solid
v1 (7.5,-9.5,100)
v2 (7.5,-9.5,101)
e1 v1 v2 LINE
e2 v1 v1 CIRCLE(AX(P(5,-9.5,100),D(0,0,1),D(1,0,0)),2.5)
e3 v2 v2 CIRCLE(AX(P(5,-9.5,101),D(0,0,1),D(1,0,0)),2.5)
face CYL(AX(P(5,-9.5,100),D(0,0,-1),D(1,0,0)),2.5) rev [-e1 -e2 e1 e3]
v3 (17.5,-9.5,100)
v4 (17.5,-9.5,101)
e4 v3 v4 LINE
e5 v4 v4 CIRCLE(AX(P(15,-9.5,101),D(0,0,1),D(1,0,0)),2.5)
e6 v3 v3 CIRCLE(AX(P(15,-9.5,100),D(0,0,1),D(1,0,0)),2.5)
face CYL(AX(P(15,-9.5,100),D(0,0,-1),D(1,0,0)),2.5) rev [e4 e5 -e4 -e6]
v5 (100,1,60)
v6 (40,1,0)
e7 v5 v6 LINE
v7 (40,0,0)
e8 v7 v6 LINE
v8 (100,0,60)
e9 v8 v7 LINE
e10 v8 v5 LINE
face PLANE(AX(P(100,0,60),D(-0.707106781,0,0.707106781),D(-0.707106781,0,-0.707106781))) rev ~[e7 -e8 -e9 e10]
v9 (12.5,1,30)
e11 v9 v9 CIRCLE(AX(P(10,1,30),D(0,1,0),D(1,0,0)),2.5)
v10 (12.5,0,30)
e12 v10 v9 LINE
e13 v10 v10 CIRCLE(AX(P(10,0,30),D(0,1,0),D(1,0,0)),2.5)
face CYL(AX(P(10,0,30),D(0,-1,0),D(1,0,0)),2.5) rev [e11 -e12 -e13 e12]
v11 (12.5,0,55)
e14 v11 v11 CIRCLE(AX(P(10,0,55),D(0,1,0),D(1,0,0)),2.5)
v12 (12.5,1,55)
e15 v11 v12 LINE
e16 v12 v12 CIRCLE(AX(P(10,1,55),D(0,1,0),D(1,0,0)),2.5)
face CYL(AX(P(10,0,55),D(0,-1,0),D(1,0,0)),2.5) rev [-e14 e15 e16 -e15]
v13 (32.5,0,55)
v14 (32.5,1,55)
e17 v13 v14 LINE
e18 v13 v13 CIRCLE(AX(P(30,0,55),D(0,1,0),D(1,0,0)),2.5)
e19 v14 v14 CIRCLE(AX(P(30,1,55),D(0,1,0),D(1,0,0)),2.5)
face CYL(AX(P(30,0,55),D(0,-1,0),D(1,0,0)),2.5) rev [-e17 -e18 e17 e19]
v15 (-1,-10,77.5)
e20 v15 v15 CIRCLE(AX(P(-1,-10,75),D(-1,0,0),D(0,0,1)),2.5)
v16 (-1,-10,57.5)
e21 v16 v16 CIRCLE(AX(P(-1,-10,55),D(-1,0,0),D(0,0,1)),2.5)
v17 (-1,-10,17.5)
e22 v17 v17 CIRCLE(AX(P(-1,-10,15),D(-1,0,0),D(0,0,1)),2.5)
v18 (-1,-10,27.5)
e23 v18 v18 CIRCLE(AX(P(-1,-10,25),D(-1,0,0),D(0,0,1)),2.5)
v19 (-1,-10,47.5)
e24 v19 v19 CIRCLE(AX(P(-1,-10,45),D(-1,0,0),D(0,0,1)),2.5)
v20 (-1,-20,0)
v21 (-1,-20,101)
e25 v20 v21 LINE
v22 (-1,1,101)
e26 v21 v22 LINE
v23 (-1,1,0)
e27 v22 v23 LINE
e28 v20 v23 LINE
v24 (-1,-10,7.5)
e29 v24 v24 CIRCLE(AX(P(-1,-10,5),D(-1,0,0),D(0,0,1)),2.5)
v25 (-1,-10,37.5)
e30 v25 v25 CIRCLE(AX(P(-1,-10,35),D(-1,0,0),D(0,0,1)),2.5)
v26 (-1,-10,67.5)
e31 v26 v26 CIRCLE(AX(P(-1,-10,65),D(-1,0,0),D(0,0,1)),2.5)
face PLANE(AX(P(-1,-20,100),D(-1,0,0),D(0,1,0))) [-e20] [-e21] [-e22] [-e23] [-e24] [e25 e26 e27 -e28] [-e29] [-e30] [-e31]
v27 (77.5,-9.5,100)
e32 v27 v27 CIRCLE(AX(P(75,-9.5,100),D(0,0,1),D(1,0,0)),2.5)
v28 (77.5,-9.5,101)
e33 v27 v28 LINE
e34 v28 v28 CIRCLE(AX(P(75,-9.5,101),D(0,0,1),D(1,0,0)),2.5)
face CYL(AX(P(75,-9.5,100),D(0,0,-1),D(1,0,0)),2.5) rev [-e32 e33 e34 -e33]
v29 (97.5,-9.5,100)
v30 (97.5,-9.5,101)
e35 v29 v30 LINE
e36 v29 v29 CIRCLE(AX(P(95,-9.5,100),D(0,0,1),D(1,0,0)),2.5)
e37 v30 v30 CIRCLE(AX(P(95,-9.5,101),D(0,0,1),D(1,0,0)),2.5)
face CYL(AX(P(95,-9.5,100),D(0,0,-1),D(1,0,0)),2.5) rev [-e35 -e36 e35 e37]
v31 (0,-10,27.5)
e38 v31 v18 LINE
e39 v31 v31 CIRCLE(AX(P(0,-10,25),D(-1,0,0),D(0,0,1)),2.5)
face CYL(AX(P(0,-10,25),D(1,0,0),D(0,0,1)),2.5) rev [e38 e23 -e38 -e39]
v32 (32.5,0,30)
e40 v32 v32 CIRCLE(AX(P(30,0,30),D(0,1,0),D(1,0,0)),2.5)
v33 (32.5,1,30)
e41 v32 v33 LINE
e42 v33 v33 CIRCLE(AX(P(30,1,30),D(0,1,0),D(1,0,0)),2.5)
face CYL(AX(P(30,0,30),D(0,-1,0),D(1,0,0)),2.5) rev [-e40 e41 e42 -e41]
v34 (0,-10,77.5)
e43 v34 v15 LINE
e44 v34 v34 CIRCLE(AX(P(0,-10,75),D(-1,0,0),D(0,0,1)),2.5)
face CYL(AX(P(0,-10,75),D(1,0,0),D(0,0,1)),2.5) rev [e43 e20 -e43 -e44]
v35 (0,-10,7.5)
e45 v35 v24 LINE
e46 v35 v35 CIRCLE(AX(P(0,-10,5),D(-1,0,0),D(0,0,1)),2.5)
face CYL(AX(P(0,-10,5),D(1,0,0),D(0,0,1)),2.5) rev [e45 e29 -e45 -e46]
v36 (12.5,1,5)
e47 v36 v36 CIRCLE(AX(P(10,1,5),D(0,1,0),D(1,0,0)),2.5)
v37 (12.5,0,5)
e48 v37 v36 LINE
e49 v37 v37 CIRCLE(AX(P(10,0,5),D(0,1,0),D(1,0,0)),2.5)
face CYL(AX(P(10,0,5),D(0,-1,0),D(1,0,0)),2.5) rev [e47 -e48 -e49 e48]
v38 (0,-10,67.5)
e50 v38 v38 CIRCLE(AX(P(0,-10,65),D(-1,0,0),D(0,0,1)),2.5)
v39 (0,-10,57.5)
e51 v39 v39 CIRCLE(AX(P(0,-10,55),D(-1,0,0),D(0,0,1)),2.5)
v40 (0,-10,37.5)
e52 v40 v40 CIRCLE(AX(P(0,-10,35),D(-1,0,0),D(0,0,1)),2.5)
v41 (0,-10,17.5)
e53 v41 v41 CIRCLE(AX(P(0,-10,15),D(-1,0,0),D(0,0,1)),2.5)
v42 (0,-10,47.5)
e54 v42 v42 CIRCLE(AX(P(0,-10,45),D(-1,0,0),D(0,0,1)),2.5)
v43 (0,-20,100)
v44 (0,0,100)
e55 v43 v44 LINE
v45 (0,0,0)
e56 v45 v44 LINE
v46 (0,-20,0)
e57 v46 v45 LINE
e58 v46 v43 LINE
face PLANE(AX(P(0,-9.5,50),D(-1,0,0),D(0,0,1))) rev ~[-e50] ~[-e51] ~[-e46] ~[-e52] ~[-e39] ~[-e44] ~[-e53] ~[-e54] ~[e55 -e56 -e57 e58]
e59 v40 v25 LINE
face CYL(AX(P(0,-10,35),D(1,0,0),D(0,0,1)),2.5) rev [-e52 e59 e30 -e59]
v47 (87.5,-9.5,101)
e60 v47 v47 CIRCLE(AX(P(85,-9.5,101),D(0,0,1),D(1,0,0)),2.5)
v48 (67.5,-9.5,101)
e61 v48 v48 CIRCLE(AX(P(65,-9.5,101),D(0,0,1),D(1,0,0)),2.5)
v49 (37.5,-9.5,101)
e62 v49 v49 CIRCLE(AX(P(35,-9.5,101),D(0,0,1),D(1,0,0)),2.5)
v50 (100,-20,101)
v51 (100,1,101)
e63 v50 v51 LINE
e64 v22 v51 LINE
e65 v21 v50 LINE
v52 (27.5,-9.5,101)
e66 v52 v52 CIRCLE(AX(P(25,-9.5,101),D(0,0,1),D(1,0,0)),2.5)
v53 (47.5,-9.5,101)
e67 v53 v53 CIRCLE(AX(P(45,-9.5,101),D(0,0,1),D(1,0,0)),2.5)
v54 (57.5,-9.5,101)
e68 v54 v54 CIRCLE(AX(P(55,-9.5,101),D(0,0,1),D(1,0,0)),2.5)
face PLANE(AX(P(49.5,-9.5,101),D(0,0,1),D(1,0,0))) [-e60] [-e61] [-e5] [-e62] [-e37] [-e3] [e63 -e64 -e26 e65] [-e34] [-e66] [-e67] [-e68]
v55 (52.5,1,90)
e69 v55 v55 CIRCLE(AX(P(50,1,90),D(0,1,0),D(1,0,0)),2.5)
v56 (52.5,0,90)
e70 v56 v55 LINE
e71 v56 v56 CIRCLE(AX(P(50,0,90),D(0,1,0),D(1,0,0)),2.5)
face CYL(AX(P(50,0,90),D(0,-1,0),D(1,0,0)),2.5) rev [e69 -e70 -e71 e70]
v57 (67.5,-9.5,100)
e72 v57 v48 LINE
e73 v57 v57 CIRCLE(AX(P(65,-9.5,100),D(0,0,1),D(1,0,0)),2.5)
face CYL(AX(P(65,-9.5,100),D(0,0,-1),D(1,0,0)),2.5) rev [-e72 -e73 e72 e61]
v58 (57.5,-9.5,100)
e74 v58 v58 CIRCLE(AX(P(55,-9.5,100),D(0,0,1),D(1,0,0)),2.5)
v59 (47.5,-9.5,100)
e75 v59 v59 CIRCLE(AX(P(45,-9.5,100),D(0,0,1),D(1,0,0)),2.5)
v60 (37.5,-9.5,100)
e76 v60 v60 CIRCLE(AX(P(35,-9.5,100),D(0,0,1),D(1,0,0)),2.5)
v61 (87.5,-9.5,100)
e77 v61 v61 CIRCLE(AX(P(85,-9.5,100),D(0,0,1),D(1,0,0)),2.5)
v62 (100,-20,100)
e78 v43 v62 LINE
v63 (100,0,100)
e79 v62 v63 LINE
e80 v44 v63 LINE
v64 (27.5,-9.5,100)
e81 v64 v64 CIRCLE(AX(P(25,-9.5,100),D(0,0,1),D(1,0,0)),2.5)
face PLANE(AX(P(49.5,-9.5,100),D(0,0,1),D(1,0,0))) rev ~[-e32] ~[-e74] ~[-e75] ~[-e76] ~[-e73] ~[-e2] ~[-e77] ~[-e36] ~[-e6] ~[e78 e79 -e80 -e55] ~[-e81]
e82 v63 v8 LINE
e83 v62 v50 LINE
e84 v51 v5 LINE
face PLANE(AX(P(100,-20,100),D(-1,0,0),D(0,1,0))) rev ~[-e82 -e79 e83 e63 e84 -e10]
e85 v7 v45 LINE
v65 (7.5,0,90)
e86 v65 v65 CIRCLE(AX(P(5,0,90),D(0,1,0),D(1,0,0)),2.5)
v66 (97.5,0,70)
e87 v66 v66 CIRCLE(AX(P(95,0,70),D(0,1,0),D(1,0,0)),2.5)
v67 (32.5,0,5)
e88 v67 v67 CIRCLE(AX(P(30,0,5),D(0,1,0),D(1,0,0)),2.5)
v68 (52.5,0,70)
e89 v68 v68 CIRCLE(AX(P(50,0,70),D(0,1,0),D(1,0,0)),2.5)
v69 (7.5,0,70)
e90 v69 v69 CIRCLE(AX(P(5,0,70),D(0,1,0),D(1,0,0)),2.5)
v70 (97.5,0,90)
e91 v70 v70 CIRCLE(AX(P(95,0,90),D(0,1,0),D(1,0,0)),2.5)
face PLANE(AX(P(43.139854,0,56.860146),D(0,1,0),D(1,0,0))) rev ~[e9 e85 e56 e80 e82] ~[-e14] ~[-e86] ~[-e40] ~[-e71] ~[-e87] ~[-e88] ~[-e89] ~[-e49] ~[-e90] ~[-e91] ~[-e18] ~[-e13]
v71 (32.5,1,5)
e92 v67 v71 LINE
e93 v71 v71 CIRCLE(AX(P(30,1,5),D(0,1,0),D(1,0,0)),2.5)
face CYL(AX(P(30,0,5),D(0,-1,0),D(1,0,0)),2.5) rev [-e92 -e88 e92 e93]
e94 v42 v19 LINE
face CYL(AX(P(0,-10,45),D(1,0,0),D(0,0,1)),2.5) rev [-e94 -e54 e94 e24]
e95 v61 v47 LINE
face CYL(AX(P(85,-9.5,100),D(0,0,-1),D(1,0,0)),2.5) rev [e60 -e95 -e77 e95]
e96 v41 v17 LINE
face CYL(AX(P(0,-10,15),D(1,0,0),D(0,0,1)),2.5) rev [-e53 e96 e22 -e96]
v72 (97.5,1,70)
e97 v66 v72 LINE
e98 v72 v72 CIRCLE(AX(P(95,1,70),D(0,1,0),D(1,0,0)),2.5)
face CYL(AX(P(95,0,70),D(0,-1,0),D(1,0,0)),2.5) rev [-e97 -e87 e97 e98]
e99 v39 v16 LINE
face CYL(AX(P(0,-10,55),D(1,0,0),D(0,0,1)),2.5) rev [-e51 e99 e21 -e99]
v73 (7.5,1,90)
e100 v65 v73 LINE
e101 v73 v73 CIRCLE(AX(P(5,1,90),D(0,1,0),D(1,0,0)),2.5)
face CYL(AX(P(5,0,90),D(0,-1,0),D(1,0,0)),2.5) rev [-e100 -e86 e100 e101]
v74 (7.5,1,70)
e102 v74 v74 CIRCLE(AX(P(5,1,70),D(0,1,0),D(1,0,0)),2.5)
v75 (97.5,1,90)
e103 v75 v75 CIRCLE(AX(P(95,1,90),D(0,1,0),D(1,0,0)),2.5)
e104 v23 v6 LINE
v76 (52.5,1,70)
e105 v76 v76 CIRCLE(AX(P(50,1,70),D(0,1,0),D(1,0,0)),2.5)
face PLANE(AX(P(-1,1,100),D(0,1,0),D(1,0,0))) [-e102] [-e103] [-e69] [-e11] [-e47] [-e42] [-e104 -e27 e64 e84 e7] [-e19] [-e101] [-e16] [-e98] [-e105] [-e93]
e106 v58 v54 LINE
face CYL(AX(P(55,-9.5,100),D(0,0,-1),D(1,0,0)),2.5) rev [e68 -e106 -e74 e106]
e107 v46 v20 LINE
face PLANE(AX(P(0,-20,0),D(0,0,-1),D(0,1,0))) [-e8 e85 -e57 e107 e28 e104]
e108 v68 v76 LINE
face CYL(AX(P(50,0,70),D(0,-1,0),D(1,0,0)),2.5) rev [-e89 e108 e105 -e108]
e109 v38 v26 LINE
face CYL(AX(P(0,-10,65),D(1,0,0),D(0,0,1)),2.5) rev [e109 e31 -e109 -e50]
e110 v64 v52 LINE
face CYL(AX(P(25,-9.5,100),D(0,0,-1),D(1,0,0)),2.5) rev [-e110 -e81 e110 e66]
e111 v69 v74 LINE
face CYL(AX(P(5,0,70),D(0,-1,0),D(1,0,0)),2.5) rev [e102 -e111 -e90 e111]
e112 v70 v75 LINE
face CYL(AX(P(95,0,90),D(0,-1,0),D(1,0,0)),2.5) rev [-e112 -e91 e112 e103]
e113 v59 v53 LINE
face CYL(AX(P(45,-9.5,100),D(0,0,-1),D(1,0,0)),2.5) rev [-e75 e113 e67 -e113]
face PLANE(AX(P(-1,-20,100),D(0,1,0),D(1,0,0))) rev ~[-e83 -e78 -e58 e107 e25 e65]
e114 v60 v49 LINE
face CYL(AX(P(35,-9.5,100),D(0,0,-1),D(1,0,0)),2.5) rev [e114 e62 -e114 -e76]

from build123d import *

# Parameters (mm, degrees)
SKETCH1_R           = 2.5
BOSS_EXTRUDE1_DEPTH = 1
SKETCH2_W           = 100
SKETCH2_H           = 21
SKETCH2_R           = 2.5
BOSS_EXTRUDE2_DEPTH = 1
SKETCH3_W           = 101
SKETCH3_H           = 21
SKETCH3_R           = 2.5
BOSS_EXTRUDE5_DEPTH = 1


with BuildPart() as part:
    # Sketch1 → Boss-Extrude1 (new body)
    with BuildSketch(Plane(origin=(0, 0, 0), x_dir=(1, 0, 0), z_dir=(0, 1, 0))):
        Polygon((0, 0), (0, -100), (100, -100), (100, -60), (40, 0), align=None)
        with Locations((10, -5)):
            Circle(SKETCH1_R, mode=Mode.SUBTRACT)
        with Locations((30, -5)):
            Circle(SKETCH1_R, mode=Mode.SUBTRACT)
        with Locations((30, -55)):
            Circle(SKETCH1_R, mode=Mode.SUBTRACT)
        with Locations((10, -55)):
            Circle(SKETCH1_R, mode=Mode.SUBTRACT)
        with Locations((30, -30)):
            Circle(SKETCH1_R, mode=Mode.SUBTRACT)
        with Locations((10, -30)):
            Circle(SKETCH1_R, mode=Mode.SUBTRACT)
        with Locations((50, -70)):
            Circle(SKETCH1_R, mode=Mode.SUBTRACT)
        with Locations((50, -90)):
            Circle(SKETCH1_R, mode=Mode.SUBTRACT)
        with Locations((95, -70)):
            Circle(SKETCH1_R, mode=Mode.SUBTRACT)
        with Locations((95, -90)):
            Circle(SKETCH1_R, mode=Mode.SUBTRACT)
        with Locations((5, -70)):
            Circle(SKETCH1_R, mode=Mode.SUBTRACT)
        with Locations((5, -90)):
            Circle(SKETCH1_R, mode=Mode.SUBTRACT)
    extrude(amount=BOSS_EXTRUDE1_DEPTH)

    # Sketch2 → Boss-Extrude2 (add)
    with BuildSketch(Plane.ZY):
        with Locations((50, -9.5)):
            Rectangle(SKETCH2_W, SKETCH2_H)
        with Locations((5, -10)):
            Circle(SKETCH2_R, mode=Mode.SUBTRACT)
        with Locations((15, -10)):
            Circle(SKETCH2_R, mode=Mode.SUBTRACT)
        with Locations((25, -10)):
            Circle(SKETCH2_R, mode=Mode.SUBTRACT)
        with Locations((35, -10)):
            Circle(SKETCH2_R, mode=Mode.SUBTRACT)
        with Locations((45, -10)):
            Circle(SKETCH2_R, mode=Mode.SUBTRACT)
        with Locations((55, -10)):
            Circle(SKETCH2_R, mode=Mode.SUBTRACT)
        with Locations((65, -10)):
            Circle(SKETCH2_R, mode=Mode.SUBTRACT)
        with Locations((75, -10)):
            Circle(SKETCH2_R, mode=Mode.SUBTRACT)
    extrude(amount=BOSS_EXTRUDE2_DEPTH)

    # Sketch3 → Boss-Extrude5 (add)
    with BuildSketch(Plane.XY.offset(100)):
        with Locations((49.5, -9.5)):
            Rectangle(SKETCH3_W, SKETCH3_H)
        with Locations((95, -9.5)):
            Circle(SKETCH3_R, mode=Mode.SUBTRACT)
        with Locations((85, -9.5)):
            Circle(SKETCH3_R, mode=Mode.SUBTRACT)
        with Locations((75, -9.5)):
            Circle(SKETCH3_R, mode=Mode.SUBTRACT)
        with Locations((65, -9.5)):
            Circle(SKETCH3_R, mode=Mode.SUBTRACT)
        with Locations((55, -9.5)):
            Circle(SKETCH3_R, mode=Mode.SUBTRACT)
        with Locations((45, -9.5)):
            Circle(SKETCH3_R, mode=Mode.SUBTRACT)
        with Locations((35, -9.5)):
            Circle(SKETCH3_R, mode=Mode.SUBTRACT)
        with Locations((25, -9.5)):
            Circle(SKETCH3_R, mode=Mode.SUBTRACT)
        with Locations((15, -9.5)):
            Circle(SKETCH3_R, mode=Mode.SUBTRACT)
        with Locations((5, -9.5)):
            Circle(SKETCH3_R, mode=Mode.SUBTRACT)
    extrude(amount=BOSS_EXTRUDE5_DEPTH)


solid = part.part
